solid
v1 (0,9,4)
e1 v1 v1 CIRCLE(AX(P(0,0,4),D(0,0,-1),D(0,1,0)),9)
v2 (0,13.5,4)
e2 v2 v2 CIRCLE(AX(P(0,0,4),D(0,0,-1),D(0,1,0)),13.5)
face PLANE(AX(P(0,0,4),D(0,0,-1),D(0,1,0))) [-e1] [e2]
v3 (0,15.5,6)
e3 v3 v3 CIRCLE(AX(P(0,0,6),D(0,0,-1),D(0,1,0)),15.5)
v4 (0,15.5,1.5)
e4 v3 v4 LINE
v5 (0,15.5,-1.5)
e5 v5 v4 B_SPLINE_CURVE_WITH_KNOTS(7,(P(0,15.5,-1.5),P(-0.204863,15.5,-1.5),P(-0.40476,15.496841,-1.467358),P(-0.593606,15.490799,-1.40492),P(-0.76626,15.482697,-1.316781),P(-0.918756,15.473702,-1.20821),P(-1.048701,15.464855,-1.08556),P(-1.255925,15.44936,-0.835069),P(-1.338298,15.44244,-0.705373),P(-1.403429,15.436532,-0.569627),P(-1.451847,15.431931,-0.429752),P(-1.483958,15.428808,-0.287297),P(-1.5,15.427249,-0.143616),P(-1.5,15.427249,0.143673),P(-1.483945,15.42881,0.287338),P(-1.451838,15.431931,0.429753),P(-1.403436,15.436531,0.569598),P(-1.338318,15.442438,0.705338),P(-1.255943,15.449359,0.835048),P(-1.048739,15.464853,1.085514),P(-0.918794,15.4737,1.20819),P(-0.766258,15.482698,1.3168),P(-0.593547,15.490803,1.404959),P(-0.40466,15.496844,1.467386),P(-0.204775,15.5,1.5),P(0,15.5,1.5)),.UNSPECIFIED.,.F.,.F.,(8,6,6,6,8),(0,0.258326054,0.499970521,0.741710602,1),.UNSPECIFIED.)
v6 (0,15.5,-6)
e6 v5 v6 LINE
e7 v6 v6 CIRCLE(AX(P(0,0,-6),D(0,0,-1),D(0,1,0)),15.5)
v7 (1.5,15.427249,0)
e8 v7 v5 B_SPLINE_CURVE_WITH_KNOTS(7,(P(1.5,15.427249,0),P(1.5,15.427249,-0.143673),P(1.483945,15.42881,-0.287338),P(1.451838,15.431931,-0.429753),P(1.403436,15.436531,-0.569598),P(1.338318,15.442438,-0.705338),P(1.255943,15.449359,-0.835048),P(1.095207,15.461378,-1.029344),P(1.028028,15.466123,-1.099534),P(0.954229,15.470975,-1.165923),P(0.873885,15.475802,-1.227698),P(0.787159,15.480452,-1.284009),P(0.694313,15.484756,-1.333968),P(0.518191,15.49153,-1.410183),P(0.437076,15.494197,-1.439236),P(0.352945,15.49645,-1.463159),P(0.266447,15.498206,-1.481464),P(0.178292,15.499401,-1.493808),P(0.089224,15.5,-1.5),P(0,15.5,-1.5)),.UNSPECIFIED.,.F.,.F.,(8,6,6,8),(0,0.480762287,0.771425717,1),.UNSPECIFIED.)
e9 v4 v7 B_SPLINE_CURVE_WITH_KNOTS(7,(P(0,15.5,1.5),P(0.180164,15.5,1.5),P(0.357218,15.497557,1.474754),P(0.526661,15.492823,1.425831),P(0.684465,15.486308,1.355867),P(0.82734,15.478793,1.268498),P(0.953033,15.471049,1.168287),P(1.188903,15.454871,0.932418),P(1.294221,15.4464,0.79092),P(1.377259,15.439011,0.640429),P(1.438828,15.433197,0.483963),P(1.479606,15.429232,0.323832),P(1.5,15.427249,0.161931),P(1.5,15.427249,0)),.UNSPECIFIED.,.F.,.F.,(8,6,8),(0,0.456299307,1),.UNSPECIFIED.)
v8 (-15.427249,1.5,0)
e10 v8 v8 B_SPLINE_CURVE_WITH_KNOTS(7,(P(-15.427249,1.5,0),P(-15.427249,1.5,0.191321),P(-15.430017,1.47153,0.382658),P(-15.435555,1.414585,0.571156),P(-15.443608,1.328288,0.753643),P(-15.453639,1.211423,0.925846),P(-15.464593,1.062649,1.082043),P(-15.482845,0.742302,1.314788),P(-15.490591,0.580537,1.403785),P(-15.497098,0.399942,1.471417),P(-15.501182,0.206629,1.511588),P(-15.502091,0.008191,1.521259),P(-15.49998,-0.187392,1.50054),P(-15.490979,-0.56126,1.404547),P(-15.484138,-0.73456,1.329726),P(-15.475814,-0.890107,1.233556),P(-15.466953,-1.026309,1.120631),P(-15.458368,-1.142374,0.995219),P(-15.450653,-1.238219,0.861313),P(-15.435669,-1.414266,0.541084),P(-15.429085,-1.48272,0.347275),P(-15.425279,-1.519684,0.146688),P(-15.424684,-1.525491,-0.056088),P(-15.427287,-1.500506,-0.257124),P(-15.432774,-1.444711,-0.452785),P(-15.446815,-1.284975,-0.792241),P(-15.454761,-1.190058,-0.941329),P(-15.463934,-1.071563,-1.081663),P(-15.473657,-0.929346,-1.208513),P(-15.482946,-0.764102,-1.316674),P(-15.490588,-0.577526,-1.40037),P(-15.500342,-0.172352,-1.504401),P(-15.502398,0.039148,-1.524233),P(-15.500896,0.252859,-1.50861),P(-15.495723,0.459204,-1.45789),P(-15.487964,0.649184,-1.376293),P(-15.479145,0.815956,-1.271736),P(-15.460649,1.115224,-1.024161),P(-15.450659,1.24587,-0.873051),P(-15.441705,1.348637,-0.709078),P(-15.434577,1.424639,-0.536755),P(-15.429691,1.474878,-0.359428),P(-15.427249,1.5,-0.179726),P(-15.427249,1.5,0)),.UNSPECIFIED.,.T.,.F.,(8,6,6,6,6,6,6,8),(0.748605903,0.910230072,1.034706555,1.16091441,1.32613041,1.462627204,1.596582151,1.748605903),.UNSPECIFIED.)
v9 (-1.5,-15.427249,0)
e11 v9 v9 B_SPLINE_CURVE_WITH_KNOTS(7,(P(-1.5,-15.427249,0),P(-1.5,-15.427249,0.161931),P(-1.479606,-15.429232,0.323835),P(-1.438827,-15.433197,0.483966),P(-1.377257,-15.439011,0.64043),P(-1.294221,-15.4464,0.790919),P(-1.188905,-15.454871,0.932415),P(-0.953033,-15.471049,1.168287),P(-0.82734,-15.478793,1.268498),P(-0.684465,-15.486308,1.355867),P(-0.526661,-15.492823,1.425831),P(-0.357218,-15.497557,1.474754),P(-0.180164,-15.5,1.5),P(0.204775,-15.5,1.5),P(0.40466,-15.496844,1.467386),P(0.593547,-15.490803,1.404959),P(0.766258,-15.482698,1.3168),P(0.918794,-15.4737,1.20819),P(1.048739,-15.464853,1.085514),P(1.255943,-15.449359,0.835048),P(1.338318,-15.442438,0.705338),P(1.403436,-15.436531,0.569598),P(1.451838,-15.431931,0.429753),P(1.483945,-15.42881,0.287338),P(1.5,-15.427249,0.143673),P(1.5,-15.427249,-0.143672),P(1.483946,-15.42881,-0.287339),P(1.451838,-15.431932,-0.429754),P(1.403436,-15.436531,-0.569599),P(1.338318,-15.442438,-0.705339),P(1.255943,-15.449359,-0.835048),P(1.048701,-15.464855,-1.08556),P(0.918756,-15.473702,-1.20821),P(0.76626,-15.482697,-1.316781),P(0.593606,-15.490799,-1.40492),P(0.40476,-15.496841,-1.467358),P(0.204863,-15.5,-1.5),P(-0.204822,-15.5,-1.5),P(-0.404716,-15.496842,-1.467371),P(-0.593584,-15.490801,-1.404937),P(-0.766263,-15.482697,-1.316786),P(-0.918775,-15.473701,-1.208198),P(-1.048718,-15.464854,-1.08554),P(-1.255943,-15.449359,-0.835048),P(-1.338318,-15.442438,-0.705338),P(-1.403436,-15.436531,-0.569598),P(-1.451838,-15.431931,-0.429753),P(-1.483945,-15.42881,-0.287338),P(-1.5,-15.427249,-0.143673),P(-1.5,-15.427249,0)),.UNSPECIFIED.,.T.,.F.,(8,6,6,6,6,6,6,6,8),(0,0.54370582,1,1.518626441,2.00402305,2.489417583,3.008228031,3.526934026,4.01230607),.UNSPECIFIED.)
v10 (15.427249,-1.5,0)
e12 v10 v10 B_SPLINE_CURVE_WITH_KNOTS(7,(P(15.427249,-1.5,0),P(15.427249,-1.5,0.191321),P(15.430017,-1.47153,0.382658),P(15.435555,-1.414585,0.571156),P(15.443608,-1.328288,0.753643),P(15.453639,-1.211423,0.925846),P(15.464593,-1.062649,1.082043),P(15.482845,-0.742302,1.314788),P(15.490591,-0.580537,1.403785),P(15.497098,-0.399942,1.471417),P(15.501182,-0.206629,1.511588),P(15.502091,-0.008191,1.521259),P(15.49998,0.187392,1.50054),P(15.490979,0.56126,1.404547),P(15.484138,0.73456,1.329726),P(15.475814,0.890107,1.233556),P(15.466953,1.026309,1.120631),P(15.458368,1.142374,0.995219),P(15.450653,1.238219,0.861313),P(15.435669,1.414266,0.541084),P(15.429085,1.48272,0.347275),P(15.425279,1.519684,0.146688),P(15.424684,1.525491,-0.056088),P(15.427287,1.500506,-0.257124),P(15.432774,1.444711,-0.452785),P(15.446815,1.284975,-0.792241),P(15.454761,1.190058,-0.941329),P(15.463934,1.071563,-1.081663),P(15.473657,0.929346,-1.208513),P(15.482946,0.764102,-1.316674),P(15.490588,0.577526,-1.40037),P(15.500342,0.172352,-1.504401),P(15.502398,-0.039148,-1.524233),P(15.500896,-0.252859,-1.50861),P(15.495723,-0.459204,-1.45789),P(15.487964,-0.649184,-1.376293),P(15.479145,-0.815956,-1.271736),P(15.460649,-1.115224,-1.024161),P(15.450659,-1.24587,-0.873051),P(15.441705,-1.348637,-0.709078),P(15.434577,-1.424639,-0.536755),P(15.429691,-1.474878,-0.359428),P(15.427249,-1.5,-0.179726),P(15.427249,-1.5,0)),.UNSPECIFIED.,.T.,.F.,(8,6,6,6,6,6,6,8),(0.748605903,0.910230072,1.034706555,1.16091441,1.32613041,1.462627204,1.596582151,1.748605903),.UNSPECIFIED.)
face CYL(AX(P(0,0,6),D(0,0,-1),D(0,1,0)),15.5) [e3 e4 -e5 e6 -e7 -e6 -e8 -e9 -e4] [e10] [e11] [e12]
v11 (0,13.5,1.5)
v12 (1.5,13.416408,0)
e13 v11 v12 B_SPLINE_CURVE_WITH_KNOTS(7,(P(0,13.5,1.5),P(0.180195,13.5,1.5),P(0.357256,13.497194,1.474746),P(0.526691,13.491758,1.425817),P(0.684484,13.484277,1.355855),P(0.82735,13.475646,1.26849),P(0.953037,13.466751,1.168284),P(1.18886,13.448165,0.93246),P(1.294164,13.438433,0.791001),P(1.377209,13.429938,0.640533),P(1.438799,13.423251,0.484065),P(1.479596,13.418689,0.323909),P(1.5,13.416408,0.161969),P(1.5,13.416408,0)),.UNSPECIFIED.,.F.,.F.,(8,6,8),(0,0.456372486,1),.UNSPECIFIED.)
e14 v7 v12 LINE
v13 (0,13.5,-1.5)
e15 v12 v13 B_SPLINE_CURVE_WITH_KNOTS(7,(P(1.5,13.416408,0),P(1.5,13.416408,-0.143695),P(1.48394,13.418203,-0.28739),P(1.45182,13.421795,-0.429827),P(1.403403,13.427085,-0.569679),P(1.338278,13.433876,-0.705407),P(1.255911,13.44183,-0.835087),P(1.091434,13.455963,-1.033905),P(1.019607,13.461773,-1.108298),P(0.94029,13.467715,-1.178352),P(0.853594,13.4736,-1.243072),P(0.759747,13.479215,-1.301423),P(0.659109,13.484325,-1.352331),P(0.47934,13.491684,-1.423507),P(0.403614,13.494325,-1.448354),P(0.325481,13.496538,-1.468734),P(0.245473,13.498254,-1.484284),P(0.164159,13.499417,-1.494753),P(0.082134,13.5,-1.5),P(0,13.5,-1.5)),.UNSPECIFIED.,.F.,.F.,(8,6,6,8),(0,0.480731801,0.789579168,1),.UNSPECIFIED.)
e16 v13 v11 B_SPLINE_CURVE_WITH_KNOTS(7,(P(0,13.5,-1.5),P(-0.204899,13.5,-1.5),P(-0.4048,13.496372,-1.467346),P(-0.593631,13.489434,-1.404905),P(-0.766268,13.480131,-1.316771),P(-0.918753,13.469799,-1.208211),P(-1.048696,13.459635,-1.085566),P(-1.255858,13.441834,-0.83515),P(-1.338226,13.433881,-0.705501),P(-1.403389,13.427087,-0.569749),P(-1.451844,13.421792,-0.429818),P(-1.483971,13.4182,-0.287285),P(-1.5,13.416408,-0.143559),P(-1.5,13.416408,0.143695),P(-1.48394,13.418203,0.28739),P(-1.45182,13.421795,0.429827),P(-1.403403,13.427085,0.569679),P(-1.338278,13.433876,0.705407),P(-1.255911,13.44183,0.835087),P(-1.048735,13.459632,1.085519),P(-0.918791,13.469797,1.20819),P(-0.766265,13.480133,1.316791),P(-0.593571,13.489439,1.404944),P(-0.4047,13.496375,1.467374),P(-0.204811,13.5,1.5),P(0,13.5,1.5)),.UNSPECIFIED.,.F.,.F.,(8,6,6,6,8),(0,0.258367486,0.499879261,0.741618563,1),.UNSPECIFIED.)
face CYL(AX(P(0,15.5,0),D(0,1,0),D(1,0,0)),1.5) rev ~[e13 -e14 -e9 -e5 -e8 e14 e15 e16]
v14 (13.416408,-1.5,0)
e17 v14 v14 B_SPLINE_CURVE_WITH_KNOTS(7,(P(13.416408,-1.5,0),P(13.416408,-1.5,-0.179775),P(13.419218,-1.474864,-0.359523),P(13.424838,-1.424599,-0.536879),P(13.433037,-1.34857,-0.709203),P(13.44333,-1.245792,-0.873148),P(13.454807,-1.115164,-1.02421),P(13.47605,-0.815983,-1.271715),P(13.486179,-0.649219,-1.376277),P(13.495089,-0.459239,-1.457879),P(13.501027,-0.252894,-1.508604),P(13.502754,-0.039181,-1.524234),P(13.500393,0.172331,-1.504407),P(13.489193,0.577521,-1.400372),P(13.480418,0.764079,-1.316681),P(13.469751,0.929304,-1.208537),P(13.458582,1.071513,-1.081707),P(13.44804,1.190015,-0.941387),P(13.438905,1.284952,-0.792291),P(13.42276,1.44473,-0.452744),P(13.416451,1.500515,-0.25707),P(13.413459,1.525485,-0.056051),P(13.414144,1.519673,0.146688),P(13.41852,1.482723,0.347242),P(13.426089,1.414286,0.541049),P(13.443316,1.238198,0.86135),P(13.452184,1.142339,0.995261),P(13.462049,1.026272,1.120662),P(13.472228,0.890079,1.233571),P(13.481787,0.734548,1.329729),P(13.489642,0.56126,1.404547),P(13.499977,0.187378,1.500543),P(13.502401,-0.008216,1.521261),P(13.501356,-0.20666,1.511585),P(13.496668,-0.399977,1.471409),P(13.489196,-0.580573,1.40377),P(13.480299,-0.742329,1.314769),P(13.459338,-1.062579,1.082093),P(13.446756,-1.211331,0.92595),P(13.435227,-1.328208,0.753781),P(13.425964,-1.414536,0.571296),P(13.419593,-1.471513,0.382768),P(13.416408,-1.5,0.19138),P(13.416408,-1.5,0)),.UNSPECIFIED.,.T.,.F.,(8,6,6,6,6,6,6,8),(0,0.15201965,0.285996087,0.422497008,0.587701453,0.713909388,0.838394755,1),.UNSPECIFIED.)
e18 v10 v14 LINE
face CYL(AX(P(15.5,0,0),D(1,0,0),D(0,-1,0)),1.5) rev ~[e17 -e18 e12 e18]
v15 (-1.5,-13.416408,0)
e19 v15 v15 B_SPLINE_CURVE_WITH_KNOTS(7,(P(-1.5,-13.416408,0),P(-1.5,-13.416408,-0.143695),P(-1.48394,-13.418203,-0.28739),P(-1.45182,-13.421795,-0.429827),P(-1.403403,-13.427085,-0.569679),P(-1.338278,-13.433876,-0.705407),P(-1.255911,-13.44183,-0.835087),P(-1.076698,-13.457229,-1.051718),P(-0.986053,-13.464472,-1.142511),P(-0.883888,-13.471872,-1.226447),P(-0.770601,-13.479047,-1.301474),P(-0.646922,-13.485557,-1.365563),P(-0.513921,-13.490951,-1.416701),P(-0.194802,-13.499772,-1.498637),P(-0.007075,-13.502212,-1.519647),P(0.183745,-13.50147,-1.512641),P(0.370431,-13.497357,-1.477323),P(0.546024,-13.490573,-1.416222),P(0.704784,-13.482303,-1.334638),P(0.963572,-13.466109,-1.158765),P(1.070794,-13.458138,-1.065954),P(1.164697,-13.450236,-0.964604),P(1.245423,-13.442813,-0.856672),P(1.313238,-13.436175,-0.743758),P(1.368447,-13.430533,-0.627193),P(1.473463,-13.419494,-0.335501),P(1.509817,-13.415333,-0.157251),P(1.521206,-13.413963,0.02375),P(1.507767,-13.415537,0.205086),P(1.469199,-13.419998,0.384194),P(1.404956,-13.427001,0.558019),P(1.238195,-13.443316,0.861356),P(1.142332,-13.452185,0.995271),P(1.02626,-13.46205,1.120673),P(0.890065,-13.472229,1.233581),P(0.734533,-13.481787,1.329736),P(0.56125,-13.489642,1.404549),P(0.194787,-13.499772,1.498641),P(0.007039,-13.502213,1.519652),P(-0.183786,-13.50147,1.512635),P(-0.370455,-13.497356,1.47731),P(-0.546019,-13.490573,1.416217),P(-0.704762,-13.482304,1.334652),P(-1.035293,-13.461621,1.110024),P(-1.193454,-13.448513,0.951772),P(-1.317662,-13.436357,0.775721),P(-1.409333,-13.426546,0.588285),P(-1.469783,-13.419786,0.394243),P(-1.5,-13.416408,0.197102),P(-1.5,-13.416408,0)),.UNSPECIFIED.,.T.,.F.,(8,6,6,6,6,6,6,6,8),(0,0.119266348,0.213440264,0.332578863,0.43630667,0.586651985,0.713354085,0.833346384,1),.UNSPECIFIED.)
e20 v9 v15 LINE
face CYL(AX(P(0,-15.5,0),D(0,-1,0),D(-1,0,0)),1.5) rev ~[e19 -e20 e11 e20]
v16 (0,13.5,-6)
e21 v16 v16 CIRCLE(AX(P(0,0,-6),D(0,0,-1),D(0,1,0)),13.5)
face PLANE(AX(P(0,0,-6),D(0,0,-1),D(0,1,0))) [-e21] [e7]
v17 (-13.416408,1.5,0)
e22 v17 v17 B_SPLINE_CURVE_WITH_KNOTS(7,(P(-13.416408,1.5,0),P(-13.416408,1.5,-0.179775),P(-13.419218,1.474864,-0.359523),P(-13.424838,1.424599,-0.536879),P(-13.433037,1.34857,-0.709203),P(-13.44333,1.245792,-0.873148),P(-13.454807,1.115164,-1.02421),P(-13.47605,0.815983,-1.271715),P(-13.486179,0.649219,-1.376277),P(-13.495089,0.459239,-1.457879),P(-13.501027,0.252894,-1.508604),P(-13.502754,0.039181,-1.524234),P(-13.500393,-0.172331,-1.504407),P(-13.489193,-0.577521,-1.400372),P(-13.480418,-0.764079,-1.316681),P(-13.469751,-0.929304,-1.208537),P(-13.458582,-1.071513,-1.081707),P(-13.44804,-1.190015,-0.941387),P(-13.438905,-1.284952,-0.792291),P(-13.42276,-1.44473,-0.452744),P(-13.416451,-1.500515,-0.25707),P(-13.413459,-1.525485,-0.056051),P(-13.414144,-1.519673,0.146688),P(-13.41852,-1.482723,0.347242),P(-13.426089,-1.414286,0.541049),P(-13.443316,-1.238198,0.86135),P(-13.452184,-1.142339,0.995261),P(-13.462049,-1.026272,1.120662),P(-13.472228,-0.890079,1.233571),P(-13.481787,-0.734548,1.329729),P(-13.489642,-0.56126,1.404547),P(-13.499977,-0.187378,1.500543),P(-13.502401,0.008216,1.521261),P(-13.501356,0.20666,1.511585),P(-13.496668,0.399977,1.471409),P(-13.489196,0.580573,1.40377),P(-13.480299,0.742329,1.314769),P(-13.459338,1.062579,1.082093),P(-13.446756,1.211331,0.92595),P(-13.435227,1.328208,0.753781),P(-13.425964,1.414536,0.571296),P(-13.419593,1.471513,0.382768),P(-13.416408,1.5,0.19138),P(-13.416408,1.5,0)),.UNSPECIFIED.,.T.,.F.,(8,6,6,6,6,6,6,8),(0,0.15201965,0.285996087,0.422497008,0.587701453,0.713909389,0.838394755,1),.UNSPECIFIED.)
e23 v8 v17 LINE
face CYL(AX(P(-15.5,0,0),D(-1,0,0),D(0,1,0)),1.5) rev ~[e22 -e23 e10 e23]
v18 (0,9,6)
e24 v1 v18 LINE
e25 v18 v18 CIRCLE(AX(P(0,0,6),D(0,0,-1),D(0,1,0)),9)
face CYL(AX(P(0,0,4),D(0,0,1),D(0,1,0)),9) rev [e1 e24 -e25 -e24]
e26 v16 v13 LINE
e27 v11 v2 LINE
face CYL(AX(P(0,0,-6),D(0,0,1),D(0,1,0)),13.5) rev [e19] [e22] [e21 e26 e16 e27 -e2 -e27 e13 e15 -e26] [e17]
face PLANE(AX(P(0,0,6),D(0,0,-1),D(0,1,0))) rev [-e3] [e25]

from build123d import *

# Parameters (mm, degrees)
ESQUISSE3_R                  = 1.5
ENL_V_MAT_EXTRU_1_DEPTH      = 5
R_P_TITION_CIRCULAIRE1_COUNT = 4


with BuildPart() as part:
    # Esquisse1 → Révolution1 (revolve)
    with BuildSketch(Plane(origin=(0, 0, 0), x_dir=(0, 0, -1), z_dir=(1, 0, 0))):
        Polygon((-6, 15.5), (6, 15.5), (6, 13.5), (-4, 13.5), (-4, 9), (-6, 9), align=None)
    revolve(axis=Axis((0, 0, 6), (0, 0, -1)))

    # Esquisse3 → Enlèv. mat.-Extru.1 (cut)
    with BuildSketch(Plane(origin=(0, 15.5, 0), x_dir=(1, 0, 0), z_dir=(0, 1, 0))):
        Circle(ESQUISSE3_R)
    enl_v_mat_extru_1 = extrude(amount=-ENL_V_MAT_EXTRU_1_DEPTH, mode=Mode.SUBTRACT)

    # Répétition circulaire1: Enlèv. mat.-Extru.1 ×4 about axis
    r_p_tition_circulaire1_axis = Axis((0, 0, 6), (0, 0, 1))
    for i in range(1, R_P_TITION_CIRCULAIRE1_COUNT):
        add(enl_v_mat_extru_1.rotate(r_p_tition_circulaire1_axis, i * 360 / R_P_TITION_CIRCULAIRE1_COUNT), mode=Mode.SUBTRACT)


solid = part.part
